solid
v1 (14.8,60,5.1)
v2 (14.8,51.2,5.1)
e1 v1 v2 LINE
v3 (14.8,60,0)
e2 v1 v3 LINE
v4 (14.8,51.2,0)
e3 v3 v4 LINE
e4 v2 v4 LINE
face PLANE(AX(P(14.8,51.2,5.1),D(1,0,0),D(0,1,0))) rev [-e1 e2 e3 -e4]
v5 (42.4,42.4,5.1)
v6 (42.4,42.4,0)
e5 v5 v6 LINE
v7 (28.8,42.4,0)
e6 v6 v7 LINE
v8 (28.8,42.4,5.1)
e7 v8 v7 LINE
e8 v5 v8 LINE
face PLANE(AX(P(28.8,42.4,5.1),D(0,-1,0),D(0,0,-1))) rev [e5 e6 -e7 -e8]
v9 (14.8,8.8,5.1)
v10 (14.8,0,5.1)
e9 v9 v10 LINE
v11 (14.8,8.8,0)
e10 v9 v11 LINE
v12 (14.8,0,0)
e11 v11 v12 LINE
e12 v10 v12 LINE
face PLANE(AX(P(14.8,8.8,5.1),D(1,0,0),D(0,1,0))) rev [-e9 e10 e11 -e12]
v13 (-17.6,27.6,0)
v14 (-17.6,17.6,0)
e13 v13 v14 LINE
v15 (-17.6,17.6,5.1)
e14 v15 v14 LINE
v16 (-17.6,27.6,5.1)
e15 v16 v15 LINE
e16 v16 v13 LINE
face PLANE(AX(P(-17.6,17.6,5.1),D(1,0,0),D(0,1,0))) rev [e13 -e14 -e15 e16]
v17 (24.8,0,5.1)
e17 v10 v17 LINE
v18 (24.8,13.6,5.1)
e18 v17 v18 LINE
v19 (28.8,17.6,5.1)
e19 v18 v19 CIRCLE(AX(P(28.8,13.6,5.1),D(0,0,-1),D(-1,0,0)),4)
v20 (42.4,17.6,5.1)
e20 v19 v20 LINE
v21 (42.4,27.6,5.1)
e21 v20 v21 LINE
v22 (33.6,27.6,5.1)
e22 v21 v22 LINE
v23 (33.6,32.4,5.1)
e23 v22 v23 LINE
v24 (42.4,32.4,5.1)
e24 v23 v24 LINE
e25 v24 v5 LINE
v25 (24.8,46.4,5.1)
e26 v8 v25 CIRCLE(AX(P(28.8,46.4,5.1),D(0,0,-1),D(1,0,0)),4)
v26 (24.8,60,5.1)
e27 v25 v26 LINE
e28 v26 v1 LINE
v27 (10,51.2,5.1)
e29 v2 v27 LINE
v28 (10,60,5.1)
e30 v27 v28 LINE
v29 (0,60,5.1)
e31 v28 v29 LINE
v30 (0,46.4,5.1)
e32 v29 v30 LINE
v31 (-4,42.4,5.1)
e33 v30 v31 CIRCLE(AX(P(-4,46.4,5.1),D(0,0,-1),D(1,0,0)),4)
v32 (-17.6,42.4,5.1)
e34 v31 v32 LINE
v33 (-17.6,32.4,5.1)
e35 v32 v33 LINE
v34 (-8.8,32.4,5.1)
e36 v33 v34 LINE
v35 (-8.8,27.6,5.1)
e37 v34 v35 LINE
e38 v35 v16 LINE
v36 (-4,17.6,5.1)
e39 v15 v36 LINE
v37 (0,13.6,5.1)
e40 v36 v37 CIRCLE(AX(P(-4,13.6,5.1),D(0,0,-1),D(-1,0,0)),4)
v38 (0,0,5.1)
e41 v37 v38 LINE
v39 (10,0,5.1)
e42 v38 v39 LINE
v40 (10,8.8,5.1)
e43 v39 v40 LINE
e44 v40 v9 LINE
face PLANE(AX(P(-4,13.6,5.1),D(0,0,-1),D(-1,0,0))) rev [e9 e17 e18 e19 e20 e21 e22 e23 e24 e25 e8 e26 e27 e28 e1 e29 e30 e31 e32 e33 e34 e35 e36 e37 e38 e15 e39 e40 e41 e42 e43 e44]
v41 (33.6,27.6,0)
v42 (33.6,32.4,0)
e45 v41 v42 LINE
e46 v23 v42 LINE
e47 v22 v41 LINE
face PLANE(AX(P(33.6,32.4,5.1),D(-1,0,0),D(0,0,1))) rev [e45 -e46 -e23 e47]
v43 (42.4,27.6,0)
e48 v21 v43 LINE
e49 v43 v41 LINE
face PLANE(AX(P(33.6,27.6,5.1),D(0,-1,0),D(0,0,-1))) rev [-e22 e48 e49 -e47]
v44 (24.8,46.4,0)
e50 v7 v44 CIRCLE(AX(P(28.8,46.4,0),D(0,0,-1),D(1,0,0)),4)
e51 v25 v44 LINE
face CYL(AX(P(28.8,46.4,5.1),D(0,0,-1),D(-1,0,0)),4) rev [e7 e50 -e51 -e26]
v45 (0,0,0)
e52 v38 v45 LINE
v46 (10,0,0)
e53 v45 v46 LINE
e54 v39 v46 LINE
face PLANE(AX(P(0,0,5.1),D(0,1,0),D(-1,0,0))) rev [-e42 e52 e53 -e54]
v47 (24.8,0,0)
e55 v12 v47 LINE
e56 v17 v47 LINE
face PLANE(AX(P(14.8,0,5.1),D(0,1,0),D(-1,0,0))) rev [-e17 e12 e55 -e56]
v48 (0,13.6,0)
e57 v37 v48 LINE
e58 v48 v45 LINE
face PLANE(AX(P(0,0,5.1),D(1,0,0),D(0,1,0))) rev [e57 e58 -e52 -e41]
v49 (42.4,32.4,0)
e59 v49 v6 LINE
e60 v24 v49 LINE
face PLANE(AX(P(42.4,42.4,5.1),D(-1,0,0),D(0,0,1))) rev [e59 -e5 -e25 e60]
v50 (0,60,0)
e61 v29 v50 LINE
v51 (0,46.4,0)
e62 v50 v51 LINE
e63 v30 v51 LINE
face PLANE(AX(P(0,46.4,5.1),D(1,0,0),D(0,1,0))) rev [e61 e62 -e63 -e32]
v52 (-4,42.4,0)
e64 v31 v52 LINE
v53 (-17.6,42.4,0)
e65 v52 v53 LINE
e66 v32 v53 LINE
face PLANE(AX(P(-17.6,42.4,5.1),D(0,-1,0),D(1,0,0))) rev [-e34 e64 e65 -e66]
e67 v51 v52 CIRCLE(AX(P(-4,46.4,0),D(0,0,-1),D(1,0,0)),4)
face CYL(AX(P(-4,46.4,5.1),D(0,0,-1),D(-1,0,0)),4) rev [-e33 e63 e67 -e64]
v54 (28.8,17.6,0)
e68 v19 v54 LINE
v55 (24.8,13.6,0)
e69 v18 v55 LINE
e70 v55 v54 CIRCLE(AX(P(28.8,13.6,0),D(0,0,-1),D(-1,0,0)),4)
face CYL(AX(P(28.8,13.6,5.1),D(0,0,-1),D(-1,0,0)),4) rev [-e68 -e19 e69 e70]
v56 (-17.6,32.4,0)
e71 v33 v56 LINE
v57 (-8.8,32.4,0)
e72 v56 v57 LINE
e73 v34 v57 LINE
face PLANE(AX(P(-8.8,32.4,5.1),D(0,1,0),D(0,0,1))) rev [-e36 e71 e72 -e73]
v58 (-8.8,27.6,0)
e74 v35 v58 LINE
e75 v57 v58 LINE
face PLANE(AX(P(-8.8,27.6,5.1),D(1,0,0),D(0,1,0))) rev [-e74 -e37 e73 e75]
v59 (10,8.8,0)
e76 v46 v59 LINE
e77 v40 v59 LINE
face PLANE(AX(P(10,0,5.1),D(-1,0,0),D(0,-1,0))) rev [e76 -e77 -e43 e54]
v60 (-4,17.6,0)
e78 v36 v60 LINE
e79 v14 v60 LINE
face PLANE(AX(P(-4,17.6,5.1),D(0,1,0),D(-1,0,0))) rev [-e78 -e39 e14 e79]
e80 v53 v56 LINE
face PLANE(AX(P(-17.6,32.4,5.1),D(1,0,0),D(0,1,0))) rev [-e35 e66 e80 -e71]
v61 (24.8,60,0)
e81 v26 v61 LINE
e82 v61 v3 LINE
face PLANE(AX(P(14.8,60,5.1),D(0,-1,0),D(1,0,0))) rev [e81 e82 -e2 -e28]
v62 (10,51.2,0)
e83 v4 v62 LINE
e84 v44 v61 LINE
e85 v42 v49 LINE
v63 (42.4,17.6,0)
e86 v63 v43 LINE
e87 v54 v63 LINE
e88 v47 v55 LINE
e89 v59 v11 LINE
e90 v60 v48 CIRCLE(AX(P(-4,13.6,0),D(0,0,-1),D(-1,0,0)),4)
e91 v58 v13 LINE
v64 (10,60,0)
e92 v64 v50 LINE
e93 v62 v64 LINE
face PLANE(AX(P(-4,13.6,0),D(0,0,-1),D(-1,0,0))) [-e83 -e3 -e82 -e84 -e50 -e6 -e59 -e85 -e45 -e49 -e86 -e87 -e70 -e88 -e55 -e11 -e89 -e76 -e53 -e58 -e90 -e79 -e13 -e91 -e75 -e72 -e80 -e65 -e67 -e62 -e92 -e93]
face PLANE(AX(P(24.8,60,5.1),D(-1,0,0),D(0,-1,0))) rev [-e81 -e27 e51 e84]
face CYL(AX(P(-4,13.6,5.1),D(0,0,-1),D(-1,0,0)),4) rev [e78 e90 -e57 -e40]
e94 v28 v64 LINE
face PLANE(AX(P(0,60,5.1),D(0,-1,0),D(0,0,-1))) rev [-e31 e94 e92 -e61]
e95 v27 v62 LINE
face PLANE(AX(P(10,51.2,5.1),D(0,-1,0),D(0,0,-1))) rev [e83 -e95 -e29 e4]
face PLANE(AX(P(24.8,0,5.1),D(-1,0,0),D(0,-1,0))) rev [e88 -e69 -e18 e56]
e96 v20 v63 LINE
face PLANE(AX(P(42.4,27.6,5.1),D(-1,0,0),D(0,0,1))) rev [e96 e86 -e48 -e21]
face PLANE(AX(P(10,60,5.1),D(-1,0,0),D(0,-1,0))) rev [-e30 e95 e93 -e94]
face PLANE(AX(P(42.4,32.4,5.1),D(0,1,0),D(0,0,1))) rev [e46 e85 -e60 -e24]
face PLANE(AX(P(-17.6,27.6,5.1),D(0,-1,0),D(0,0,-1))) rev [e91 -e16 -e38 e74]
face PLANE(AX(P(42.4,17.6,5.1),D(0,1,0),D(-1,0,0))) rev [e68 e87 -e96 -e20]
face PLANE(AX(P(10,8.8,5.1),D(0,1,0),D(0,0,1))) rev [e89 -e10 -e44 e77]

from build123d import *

# Parameters (mm, degrees)
SALIENTE_EXTRUIR1_DEPTH = 5.1


with BuildPart() as part:
    # Croquis1 → Saliente-Extruir1 (new body)
    with BuildSketch(Plane.XY):
        with BuildLine():
            Line((0, 0), (10, 0))
            Line((10, 0), (10, 8.8))
            Line((10, 8.8), (14.8, 8.8))
            Line((14.8, 8.8), (14.8, 0))
            Line((14.8, 0), (24.8, 0))
            Line((24.8, 0), (24.8, 13.6))
            ThreePointArc((24.8, 13.6), (25.971572875, 16.428427125), (28.8, 17.6))
            Line((28.8, 17.6), (42.4, 17.6))
            Line((42.4, 17.6), (42.4, 27.6))
            Line((42.4, 27.6), (33.6, 27.6))
            Line((33.6, 27.6), (33.6, 32.4))
            Line((33.6, 32.4), (42.4, 32.4))
            Line((42.4, 32.4), (42.4, 42.4))
            Line((42.4, 42.4), (28.8, 42.4))
            ThreePointArc((28.8, 42.4), (25.971572875, 43.571572875), (24.8, 46.4))
            Line((24.8, 46.4), (24.8, 60))
            Line((24.8, 60), (14.8, 60))
            Line((14.8, 60), (14.8, 51.2))
            Line((14.8, 51.2), (10, 51.2))
            Line((10, 51.2), (10, 60))
            Line((10, 60), (0, 60))
            Line((0, 60), (0, 46.4))
            ThreePointArc((0, 46.4), (-1.171572875, 43.571572875), (-4, 42.4))
            Line((-4, 42.4), (-17.6, 42.4))
            Line((-17.6, 42.4), (-17.6, 32.4))
            Line((-17.6, 32.4), (-8.8, 32.4))
            Line((-8.8, 32.4), (-8.8, 27.6))
            Line((-8.8, 27.6), (-17.6, 27.6))
            Line((-17.6, 27.6), (-17.6, 17.6))
            Line((-17.6, 17.6), (-4, 17.6))
            ThreePointArc((-4, 17.6), (-1.171572875, 16.428427125), (0, 13.6))
            Line((0, 13.6), (0, 0))
        make_face()
    extrude(amount=SALIENTE_EXTRUIR1_DEPTH)


solid = part.part
